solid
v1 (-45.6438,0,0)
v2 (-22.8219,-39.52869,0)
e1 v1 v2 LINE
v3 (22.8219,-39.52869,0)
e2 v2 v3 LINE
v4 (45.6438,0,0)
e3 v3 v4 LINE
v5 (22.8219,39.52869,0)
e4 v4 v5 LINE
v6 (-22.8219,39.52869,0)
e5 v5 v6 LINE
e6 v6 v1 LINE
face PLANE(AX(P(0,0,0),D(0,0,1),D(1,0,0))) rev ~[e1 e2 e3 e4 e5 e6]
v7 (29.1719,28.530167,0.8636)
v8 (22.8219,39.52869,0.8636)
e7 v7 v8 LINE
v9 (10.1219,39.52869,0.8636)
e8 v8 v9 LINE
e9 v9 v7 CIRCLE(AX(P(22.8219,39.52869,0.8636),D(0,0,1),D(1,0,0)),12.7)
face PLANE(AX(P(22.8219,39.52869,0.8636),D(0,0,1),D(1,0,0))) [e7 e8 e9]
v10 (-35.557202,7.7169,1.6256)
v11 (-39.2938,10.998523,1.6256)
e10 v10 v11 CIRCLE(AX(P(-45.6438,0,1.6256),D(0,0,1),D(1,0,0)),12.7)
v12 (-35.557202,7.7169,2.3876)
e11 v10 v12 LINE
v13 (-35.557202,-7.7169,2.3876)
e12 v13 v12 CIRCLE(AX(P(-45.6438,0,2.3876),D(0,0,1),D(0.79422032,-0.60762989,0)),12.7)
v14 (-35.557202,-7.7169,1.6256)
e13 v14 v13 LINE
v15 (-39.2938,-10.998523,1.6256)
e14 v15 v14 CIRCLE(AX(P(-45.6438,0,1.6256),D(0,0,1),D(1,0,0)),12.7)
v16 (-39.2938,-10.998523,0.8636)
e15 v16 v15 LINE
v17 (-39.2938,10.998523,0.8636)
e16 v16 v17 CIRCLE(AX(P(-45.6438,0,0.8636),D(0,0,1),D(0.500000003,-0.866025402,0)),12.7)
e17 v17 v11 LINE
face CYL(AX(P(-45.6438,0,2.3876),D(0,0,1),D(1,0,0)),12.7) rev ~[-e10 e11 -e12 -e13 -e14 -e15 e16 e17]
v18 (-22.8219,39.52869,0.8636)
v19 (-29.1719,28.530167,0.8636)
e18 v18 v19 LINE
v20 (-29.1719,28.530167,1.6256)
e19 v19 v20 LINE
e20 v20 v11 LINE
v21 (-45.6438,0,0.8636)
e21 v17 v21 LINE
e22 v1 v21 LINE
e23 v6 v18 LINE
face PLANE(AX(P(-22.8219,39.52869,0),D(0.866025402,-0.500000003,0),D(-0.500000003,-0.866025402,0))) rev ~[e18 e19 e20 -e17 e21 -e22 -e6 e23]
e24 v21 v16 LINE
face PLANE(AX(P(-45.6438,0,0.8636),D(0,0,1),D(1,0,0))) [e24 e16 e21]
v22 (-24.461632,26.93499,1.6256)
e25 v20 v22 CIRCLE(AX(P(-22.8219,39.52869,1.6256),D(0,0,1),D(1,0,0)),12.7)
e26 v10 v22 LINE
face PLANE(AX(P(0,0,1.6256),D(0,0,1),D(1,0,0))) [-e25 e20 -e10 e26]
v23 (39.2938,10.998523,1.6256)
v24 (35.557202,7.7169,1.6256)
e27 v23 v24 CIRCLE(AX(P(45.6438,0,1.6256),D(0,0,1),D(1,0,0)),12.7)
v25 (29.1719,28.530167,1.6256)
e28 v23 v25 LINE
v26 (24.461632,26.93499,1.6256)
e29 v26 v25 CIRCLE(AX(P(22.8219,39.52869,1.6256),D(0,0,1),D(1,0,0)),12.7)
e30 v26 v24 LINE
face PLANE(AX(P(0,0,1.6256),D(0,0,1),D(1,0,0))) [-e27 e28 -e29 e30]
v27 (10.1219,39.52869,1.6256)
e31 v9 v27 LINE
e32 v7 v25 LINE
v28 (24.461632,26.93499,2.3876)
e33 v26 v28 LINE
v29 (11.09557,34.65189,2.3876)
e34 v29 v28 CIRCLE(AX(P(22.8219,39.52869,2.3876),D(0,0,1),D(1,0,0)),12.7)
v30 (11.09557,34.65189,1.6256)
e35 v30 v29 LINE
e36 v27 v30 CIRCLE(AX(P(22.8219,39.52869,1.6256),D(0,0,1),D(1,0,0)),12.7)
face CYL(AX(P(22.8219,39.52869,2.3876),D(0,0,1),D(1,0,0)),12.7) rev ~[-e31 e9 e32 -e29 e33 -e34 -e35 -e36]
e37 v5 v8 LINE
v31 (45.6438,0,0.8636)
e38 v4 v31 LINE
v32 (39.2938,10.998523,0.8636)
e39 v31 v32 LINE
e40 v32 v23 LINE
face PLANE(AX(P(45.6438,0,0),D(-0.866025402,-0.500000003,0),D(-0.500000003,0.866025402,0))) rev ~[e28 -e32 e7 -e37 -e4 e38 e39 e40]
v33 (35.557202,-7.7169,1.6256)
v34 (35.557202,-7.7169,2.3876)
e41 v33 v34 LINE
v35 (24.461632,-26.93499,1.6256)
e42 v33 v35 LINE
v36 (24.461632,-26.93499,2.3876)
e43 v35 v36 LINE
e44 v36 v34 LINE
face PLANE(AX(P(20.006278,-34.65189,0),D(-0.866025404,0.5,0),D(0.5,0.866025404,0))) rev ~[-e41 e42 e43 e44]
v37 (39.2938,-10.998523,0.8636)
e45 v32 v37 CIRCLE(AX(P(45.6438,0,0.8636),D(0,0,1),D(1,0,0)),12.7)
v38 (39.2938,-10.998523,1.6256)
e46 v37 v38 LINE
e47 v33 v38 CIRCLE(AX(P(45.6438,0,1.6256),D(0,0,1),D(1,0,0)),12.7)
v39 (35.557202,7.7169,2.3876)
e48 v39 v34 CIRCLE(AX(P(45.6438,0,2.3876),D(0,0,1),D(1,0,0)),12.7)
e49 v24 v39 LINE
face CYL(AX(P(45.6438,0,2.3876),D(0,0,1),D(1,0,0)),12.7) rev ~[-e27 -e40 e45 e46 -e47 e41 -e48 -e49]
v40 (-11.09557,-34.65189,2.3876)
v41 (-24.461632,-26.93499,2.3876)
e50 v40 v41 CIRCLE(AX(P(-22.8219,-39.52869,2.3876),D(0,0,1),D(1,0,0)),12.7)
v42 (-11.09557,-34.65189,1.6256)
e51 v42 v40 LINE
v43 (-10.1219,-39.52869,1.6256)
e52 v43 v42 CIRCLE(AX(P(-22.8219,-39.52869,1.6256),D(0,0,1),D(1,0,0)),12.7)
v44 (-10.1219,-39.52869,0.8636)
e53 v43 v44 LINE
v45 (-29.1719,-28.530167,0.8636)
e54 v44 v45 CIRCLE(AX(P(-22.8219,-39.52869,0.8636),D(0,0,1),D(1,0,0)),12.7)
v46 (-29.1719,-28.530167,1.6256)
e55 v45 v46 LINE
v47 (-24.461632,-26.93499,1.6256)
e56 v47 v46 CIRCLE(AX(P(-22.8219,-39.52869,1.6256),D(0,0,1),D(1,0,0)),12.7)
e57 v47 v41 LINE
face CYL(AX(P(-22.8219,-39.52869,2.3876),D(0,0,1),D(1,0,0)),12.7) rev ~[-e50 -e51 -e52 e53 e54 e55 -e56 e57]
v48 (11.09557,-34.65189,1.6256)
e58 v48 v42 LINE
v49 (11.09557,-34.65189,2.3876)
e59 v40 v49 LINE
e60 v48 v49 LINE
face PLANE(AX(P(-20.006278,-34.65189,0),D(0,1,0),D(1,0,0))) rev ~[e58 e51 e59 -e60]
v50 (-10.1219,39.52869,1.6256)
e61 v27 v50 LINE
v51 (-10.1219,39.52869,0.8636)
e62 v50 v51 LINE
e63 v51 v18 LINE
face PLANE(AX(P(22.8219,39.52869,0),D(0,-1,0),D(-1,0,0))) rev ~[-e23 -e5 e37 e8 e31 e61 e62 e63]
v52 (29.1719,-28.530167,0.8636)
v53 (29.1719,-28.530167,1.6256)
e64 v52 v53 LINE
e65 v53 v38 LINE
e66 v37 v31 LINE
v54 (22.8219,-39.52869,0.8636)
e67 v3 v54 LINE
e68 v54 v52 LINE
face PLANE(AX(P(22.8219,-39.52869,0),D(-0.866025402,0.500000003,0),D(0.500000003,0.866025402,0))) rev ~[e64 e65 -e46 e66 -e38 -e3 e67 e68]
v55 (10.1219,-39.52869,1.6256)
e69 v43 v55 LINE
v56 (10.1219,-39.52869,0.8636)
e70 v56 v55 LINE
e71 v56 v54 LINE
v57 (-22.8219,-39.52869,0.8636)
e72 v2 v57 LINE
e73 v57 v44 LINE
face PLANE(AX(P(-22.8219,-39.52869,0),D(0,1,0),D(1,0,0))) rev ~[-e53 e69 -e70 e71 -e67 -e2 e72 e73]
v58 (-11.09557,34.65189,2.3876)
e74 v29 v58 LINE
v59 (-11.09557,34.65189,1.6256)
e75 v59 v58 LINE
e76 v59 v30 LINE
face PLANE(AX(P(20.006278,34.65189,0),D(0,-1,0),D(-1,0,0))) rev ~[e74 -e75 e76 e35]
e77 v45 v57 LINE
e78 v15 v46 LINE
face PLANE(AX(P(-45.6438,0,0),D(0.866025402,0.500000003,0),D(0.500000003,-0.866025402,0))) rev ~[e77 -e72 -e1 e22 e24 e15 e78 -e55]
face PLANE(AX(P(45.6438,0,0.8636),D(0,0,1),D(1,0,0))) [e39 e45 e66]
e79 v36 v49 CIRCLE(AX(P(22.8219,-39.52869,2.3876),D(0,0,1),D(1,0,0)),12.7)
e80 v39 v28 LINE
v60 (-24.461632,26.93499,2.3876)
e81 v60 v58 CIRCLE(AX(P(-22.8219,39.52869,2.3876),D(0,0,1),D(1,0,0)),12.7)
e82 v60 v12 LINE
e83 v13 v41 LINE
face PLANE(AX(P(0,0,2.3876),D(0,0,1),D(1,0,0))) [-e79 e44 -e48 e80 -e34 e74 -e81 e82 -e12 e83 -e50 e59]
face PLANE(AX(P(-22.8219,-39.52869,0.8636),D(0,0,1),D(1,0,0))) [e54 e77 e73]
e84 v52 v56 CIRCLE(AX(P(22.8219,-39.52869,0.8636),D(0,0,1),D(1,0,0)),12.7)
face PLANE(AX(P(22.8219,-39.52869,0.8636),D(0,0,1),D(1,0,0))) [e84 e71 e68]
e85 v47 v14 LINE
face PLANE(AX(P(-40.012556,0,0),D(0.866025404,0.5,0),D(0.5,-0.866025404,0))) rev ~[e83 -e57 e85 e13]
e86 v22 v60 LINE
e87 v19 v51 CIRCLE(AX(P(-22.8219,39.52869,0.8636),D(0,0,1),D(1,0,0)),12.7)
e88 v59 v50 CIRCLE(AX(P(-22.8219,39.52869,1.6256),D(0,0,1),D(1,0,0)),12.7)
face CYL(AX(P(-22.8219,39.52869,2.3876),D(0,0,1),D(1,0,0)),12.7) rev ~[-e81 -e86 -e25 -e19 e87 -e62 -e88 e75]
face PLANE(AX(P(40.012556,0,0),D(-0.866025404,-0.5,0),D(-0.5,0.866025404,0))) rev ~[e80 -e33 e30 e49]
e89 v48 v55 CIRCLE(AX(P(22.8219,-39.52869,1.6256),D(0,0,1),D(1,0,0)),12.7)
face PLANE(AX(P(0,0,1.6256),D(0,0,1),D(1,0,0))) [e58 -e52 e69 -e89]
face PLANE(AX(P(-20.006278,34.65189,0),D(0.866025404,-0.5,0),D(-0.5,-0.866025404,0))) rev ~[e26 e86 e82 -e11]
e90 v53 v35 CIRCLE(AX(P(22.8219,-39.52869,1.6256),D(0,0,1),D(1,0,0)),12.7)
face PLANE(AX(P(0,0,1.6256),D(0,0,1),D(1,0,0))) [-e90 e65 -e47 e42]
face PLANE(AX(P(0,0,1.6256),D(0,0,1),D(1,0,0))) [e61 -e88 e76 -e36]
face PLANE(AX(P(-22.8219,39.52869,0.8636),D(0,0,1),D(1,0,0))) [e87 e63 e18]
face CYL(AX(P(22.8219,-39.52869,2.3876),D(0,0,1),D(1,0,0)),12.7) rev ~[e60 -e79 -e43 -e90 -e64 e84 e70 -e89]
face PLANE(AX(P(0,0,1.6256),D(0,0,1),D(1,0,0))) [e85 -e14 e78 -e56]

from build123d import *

# Parameters (mm, degrees)
F1_DEPTH = 1.6256
F3_DEPTH = 2.3876
F5_R     = 12.7
F6_DEPTH = 1.524


with BuildPart() as f1:
    # F0 (on Top) → F1 (new body)
    with BuildSketch(Plane.XY):
        Polygon((-22.8219, -39.52869), (22.8219, -39.52869), (45.6438, 0), (22.8219, 39.52869), (-22.8219, 39.52869), (-45.6438, 0), align=None)
    extrude(amount=F1_DEPTH)

    # F2 (on Top) → F3 (join)
    with BuildSketch(Plane.XY):
        Polygon((-20.006278, -34.65189), (20.006278, -34.65189), (40.012556, 0), (20.006278, 34.65189), (-20.006278, 34.65189), (-40.012556, 0), align=None)
    extrude(amount=F3_DEPTH)

    # F5 (on face) → F6 (cut)
    with BuildSketch(Plane.XY.offset(2.3876)):
        with Locations((22.8219, -39.52869)):
            Circle(F5_R)
        with Locations((45.6438, 0)):
            Circle(F5_R)
        with Locations((22.8219, 39.52869)):
            Circle(F5_R)
        with Locations((-22.8219, 39.52869)):
            Circle(F5_R)
        with Locations((-45.6438, 0)):
            Circle(F5_R)
        with Locations((-22.8219, -39.52869)):
            Circle(F5_R)
    extrude(amount=-F6_DEPTH, mode=Mode.SUBTRACT)


solid = f1.part
